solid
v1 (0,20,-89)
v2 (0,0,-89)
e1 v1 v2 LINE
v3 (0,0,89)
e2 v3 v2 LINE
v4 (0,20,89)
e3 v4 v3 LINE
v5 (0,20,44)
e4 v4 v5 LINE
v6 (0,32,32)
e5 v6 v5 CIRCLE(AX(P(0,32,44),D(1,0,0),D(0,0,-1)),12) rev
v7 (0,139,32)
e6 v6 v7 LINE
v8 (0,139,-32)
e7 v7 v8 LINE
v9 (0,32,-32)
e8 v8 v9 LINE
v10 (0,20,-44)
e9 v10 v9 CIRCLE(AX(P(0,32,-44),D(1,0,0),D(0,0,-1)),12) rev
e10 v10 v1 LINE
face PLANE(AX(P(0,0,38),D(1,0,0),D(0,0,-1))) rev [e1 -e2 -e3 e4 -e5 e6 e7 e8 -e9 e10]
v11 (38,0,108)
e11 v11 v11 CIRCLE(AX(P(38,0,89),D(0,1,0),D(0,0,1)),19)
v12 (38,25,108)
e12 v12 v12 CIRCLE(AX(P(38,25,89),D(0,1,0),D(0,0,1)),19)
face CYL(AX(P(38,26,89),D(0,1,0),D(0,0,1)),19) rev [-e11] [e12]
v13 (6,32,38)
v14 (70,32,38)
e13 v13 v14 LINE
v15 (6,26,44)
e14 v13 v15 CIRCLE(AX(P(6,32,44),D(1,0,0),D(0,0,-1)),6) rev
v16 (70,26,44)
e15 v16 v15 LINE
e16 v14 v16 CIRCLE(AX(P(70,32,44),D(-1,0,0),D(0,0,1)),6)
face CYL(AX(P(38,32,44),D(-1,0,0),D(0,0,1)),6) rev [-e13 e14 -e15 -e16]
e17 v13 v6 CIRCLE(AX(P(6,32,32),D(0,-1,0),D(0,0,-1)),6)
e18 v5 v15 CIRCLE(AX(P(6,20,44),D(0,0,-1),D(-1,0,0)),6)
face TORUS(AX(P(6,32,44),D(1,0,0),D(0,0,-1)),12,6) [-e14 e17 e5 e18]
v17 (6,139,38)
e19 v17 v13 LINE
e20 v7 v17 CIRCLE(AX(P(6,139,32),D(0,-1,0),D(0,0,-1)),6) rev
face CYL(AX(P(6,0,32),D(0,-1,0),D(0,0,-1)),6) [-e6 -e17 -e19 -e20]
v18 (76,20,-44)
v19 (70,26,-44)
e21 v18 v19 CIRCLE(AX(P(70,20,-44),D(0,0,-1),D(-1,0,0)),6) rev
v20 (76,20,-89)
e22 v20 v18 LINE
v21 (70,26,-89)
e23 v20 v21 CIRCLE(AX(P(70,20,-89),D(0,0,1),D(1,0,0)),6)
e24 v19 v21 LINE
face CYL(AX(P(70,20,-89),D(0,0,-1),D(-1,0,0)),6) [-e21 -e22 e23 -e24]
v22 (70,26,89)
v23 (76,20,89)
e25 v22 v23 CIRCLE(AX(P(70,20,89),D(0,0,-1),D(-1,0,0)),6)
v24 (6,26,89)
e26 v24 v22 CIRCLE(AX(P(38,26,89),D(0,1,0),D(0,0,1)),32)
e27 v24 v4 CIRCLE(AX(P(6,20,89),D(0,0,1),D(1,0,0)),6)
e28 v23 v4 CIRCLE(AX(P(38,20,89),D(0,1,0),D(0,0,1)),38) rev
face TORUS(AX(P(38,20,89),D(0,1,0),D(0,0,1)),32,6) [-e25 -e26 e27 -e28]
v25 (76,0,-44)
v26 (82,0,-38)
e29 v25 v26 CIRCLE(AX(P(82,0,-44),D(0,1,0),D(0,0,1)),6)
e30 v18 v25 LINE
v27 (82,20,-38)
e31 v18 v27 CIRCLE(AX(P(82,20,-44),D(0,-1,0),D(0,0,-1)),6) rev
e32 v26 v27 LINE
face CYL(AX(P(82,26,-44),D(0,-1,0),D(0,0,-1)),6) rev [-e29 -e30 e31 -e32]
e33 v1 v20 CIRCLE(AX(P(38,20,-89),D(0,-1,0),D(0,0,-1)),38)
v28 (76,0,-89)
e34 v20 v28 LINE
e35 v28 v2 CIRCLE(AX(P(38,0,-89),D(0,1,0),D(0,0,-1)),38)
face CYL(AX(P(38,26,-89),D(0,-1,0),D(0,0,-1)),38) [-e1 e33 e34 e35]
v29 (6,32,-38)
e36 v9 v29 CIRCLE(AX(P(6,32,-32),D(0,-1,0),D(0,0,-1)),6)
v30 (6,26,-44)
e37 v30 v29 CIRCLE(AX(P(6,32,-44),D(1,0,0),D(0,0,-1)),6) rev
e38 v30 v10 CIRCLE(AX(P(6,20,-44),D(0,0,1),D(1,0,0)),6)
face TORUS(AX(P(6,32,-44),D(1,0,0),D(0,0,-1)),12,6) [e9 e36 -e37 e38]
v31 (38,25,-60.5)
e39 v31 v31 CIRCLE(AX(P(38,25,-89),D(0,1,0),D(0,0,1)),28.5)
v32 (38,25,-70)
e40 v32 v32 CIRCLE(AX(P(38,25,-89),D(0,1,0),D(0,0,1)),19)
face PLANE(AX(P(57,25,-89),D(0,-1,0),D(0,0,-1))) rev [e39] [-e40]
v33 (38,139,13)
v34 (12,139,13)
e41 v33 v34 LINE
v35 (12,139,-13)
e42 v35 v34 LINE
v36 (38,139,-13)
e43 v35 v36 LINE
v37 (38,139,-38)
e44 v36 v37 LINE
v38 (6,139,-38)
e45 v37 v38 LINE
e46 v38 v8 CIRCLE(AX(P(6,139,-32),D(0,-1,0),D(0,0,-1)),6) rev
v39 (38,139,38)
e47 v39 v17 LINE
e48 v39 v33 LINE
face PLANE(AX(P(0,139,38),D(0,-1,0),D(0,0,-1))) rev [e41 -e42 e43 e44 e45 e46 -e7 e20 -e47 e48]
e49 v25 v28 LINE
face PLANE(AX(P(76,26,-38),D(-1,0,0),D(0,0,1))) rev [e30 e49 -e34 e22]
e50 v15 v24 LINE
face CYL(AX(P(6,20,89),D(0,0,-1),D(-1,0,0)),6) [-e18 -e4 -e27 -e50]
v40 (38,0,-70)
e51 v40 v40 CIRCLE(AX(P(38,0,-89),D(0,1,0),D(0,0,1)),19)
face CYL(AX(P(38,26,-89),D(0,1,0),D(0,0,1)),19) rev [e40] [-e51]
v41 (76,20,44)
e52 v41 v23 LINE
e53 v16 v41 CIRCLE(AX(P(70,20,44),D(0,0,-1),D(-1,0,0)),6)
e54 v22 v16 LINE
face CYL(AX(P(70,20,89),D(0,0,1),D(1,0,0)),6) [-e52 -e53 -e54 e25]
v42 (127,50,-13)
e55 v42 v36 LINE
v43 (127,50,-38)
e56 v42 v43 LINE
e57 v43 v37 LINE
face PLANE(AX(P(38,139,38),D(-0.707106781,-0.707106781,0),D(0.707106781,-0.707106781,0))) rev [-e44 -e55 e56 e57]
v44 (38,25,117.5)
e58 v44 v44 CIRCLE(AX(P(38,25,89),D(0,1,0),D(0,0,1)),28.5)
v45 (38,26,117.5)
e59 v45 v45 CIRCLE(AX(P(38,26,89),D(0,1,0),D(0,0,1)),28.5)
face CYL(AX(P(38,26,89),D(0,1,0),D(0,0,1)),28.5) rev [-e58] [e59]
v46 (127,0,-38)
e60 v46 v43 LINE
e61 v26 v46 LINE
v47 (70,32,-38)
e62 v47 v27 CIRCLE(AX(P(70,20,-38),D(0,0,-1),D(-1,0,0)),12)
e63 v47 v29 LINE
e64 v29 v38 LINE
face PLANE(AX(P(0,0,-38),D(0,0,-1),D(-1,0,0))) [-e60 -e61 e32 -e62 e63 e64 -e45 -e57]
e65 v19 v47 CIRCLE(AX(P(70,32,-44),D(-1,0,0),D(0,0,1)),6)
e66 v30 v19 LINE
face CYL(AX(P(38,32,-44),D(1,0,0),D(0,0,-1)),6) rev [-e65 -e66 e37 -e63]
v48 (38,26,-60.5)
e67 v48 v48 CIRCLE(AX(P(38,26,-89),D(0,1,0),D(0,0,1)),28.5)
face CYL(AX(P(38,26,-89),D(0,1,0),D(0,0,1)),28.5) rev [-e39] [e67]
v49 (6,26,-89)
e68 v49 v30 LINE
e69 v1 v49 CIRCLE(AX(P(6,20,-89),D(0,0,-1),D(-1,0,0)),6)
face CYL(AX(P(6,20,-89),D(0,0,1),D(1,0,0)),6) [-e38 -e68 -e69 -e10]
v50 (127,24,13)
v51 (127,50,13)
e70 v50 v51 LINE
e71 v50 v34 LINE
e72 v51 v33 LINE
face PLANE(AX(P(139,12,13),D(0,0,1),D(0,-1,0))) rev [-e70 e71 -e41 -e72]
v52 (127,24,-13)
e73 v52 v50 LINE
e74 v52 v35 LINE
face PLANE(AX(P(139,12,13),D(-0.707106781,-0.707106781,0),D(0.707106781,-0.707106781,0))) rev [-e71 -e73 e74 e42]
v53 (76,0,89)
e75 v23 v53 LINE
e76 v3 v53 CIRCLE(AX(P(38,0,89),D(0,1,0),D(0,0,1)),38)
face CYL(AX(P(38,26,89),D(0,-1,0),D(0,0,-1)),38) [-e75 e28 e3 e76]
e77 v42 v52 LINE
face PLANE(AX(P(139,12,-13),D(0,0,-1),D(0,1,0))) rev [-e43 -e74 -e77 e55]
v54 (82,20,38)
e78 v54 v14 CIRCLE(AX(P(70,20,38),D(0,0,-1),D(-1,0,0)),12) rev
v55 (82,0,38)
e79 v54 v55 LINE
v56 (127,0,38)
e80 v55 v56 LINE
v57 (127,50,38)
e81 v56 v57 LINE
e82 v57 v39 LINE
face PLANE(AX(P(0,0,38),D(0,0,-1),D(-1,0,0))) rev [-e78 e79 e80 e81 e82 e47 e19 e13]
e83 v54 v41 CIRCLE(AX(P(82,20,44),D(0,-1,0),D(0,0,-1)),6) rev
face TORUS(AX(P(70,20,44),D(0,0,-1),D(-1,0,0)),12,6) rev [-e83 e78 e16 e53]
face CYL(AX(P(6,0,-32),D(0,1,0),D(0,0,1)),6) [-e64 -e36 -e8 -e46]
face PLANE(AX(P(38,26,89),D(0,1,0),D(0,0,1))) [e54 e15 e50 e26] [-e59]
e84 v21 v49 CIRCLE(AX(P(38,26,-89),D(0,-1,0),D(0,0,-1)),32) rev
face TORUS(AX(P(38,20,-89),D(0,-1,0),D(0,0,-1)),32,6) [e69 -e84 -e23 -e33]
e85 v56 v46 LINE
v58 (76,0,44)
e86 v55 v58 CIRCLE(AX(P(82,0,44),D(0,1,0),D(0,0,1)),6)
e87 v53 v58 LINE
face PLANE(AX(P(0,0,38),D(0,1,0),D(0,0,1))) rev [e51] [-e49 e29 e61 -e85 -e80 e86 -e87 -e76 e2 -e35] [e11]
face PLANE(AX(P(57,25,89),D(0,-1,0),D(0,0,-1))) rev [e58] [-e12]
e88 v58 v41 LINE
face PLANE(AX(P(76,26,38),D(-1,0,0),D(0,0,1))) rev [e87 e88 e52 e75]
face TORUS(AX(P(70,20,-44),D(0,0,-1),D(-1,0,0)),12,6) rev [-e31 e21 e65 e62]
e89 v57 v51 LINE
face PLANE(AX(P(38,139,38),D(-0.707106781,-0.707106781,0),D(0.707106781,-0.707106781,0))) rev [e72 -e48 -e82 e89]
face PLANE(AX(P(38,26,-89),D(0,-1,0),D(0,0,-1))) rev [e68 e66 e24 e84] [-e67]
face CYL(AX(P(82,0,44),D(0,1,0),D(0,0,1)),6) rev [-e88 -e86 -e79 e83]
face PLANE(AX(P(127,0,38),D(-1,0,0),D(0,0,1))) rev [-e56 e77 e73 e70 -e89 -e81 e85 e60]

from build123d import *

# Parameters (mm, degrees)
BOSS_EXTRUDE1_DEPTH                      = 38
BOSS_EXTRUDE3_DEPTH                      = 26
FILLET1_R                                = 6
CBORE_FOR_M30_HEX_HEAD_BOLT2_D           = 38
CBORE_FOR_M30_HEX_HEAD_BOLT2_CBORE_D     = 57
CBORE_FOR_M30_HEX_HEAD_BOLT2_CBORE_DEPTH = 1
SKETCH17_W                               = 26
SKETCH17_H                               = 18.384776311
CUT_EXTRUDE3_DEPTH                       = 180.605122421


with BuildPart() as part:
    # Sketch1 → Boss-Extrude1 (new body, symmetric)
    with BuildSketch(Plane.XY):
        Polygon((38, 139), (127, 50), (127, 0), (0, 0), (0, 139), align=None)
    extrude(amount=BOSS_EXTRUDE1_DEPTH, both=True)

    # Sketch3 → Boss-Extrude3 (add)
    with BuildSketch(Plane(origin=(0, 0, 0), x_dir=(1, 0, 0), z_dir=(0, 1, 0))):
        with BuildLine():
            Line((0, 38), (76, 38))
            Line((76, 38), (76, 89))
            ThreePointArc((76, 89), (38, 127), (0, 89))
            Line((0, 89), (0, 38))
        make_face()
        with BuildLine():
            Line((0, -38), (76, -38))
            Line((76, -38), (76, -89))
            ThreePointArc((76, -89), (38, -127), (0, -89))
            Line((0, -89), (0, -38))
        make_face()
    extrude(amount=BOSS_EXTRUDE3_DEPTH)

    # Fillet1
    fillet1_edges = [part.edges().sort_by_distance(p)[0] for p in [
        (76, 13, -38),
        (0, 26, -63.5),
        (38, 26, -38),
        (76, 26, -63.5),
        (38, 26, -127),
        (76, 13, 38),
        (0, 26, 63.5),
        (38, 26, 127),
        (76, 26, 63.5),
        (38, 26, 38),
        (0, 82.5, 38),
        (0, 82.5, -38),
    ]]
    fillet(fillet1_edges, radius=FILLET1_R)

    # CBORE for M30 Hex Head Bolt2 (through all)
    with Locations(Plane(origin=(0, 26, 0), x_dir=(1, 0, 0), z_dir=(0, 1, 0))):
        with Locations((38, -89), (38, 89)):
            CounterBoreHole(CBORE_FOR_M30_HEX_HEAD_BOLT2_D / 2, CBORE_FOR_M30_HEX_HEAD_BOLT2_CBORE_D / 2, CBORE_FOR_M30_HEX_HEAD_BOLT2_CBORE_DEPTH)

    # Sketch17 → Cut-Extrude3 (cut, through all)
    with BuildSketch(Plane(origin=(-63.5, 63.5, 0), x_dir=(0, 0, -1), z_dir=(-0.707106781, 0.707106781, 0))):
        with Locations((0, -115.965512115)):
            Rectangle(SKETCH17_W, SKETCH17_H)
    extrude(amount=-CUT_EXTRUDE3_DEPTH, mode=Mode.SUBTRACT)


solid = part.part
